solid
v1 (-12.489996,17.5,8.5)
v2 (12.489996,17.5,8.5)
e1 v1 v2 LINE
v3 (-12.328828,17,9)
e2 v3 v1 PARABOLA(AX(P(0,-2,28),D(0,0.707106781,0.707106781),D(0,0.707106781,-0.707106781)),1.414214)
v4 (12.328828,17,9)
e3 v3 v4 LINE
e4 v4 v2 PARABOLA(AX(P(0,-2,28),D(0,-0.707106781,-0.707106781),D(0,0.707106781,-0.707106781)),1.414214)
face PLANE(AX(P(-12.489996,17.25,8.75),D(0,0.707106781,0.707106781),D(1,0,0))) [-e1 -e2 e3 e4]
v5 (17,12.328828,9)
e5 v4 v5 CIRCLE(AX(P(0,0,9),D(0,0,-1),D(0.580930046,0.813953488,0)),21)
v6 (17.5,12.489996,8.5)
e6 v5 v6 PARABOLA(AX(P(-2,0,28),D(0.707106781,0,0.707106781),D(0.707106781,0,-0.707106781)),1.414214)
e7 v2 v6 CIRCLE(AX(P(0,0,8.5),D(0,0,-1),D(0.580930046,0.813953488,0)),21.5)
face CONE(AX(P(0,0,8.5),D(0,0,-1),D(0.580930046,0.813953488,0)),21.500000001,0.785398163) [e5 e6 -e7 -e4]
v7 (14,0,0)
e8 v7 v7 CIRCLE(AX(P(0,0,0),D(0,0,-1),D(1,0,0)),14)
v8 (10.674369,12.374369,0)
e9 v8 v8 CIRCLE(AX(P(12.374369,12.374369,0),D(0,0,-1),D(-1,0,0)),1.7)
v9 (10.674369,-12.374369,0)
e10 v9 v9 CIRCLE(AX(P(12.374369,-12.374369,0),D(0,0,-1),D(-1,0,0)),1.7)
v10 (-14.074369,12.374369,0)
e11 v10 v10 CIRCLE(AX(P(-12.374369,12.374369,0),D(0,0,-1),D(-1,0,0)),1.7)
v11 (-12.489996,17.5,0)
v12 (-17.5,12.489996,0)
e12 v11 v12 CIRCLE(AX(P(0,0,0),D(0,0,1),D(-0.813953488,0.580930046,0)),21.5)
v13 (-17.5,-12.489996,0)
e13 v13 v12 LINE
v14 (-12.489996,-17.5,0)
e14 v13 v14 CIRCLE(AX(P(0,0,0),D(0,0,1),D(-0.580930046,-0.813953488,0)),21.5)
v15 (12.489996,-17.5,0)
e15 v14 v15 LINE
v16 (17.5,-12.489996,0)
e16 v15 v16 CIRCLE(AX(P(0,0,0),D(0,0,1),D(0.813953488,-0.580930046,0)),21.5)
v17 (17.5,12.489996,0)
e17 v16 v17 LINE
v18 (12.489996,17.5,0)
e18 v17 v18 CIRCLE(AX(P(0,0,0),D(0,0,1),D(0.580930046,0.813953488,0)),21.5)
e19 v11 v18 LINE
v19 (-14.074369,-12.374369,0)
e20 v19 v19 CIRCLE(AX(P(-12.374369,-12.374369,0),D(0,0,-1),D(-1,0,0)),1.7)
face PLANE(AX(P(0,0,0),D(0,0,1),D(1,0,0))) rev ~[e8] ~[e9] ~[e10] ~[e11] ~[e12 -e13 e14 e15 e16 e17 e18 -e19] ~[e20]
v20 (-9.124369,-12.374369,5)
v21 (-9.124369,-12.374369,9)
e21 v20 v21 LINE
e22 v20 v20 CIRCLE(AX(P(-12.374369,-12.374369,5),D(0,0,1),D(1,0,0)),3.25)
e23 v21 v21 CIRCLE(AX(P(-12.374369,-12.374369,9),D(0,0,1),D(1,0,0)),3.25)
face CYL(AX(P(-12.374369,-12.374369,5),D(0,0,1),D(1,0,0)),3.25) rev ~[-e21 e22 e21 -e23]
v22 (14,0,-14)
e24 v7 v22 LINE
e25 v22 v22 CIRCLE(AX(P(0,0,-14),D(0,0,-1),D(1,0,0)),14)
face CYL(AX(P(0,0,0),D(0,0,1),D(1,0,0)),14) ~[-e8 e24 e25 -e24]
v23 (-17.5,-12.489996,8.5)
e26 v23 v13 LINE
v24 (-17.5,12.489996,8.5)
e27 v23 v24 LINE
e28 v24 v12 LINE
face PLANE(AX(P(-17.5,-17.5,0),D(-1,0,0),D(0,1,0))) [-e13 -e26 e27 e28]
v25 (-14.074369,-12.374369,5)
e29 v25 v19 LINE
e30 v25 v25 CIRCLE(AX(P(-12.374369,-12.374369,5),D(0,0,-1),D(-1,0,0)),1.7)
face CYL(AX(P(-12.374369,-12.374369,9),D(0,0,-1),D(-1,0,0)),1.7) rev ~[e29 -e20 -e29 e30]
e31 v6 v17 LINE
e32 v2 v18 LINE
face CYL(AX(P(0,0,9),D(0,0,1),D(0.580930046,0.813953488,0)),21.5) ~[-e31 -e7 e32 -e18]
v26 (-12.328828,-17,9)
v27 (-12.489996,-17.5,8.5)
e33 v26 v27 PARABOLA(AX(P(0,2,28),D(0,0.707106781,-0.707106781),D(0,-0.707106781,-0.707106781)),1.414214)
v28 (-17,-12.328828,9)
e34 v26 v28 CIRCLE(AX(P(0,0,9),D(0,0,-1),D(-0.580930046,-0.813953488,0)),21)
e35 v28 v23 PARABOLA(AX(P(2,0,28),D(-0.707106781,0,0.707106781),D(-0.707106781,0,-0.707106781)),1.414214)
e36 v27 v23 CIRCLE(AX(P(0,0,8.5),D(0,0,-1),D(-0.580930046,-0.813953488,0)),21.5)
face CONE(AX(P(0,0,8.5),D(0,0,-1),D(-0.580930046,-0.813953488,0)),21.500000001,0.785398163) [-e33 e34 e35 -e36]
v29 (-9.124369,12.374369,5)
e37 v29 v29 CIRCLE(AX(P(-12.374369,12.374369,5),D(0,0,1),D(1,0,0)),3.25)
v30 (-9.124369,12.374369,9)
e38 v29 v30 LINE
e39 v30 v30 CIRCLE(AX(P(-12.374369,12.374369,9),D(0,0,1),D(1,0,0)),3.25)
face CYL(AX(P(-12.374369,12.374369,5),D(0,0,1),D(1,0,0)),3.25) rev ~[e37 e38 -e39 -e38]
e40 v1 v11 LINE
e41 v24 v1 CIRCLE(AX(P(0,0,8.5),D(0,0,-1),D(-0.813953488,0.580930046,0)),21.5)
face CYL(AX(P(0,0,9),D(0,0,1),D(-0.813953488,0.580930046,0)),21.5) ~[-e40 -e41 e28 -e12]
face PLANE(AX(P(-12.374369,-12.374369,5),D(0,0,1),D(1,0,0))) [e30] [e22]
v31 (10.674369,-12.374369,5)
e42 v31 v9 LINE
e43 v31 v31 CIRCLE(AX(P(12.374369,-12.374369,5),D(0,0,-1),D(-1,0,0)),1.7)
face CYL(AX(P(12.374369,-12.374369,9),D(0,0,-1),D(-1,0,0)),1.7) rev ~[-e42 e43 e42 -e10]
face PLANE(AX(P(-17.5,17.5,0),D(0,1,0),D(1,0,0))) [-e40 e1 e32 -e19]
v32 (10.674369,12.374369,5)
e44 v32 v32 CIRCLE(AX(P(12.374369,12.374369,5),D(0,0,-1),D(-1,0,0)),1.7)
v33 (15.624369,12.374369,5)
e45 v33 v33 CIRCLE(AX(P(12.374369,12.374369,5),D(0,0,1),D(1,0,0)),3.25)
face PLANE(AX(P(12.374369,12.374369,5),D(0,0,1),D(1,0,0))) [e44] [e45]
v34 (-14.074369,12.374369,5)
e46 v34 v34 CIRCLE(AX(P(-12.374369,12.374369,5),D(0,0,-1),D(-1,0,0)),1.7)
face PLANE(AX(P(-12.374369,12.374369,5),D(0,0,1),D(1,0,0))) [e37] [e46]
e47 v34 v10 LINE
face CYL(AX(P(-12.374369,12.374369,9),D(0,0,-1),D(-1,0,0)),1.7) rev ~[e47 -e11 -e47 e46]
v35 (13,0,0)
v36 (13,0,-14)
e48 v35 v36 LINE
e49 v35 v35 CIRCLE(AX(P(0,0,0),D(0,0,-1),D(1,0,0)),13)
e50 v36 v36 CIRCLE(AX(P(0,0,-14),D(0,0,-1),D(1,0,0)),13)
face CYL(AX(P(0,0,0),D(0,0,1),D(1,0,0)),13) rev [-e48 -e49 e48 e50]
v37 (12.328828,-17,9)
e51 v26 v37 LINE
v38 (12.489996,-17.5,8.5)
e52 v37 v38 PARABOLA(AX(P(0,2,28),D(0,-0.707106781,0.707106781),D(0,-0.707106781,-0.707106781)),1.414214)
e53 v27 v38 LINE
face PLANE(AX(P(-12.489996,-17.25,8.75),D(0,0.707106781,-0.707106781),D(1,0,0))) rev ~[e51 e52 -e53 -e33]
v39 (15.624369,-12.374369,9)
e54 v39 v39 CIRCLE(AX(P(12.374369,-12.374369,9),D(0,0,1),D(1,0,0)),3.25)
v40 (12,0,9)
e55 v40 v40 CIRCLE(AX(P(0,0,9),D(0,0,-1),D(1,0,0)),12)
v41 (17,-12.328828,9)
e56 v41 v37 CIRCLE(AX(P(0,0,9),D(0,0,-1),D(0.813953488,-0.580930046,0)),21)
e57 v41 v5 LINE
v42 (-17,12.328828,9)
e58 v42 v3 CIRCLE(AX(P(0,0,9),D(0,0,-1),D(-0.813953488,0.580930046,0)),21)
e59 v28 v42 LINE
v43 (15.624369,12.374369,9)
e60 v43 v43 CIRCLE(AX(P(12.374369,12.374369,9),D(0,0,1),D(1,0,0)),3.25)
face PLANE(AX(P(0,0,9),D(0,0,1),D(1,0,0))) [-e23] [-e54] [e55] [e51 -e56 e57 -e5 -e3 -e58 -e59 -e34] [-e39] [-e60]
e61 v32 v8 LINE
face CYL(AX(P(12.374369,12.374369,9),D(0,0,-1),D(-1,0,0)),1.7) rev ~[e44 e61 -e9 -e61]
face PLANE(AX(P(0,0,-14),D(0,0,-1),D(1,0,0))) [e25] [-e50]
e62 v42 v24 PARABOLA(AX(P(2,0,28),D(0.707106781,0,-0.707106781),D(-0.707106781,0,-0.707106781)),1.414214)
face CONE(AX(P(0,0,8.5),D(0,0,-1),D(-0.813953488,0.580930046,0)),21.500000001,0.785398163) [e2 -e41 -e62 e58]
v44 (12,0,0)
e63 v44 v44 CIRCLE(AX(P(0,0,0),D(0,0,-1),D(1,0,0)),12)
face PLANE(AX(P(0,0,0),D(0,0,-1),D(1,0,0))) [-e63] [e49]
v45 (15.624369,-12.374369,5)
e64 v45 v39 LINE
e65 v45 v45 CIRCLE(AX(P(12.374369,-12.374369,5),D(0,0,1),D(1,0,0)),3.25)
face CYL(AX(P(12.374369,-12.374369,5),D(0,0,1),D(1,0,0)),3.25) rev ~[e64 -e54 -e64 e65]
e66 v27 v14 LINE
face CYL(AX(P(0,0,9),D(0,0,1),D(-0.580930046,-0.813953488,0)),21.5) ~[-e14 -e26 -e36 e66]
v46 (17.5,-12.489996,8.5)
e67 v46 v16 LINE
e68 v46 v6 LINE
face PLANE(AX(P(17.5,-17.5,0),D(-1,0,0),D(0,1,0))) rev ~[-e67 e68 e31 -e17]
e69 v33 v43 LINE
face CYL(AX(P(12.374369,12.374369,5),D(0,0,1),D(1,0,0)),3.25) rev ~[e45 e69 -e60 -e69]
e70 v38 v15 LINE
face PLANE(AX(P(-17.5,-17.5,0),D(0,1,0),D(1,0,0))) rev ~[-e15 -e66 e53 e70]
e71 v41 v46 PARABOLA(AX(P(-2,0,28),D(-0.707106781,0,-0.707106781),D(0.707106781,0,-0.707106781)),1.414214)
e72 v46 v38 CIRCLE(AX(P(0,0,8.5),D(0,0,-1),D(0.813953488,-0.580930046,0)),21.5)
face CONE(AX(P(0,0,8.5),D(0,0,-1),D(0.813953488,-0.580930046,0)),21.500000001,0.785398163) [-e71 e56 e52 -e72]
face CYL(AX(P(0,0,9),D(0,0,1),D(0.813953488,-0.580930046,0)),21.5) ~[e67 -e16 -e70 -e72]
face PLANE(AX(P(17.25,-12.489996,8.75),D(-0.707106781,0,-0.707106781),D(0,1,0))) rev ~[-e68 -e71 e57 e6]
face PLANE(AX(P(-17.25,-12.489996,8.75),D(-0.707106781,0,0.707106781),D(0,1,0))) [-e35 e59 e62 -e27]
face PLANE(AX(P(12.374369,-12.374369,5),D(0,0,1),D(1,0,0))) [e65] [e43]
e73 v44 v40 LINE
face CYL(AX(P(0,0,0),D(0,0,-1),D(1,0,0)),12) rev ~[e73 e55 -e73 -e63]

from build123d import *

# Parameters (mm, degrees)
F0_W           = 35
F0_H           = 35
F1_DEPTH       = 9
F2_R           = 14
F2_R_2         = 13
F3_DEPTH       = 14
F4_DEPTH       = 9.001
F6_D           = 3.4
F6_CBORE_D     = 6.5
F6_CBORE_DEPTH = 4
F7_DEPTH       = 23.001
F8_R           = 14
F8_R_2         = 12
F9_DEPTH       = 9
F10_SIZE       = 0.5


with BuildPart() as f1:
    # F0 (on Top) → F1 (new body)
    with BuildSketch(Plane.XY):
        Rectangle(F0_W, F0_H)
    extrude(amount=F1_DEPTH)

    # F2 (on face) → F3 (join)
    with BuildSketch(Plane(origin=(0, 0, 0), x_dir=(1, 0, 0), z_dir=(0, 0, -1))):
        Circle(F2_R)
        Circle(F2_R_2, mode=Mode.SUBTRACT)
    extrude(amount=F3_DEPTH)

    # F4 (cut, through all): a face of the model
    f4_faces = [f1.faces().sort_by_distance(p)[0] for p in [
        (0, 0, 0),
    ]]
    extrude(f4_faces, amount=-F4_DEPTH, mode=Mode.SUBTRACT)

    # F6 (through all)
    with Locations(Plane.XY.offset(9)):
        with Locations((-12.3743686708, 12.3743686708), (12.3743686708, 12.3743686708), (-12.3743686708, -12.3743686708), (12.3743686708, -12.3743686708)):
            CounterBoreHole(F6_D / 2, F6_CBORE_D / 2, F6_CBORE_DEPTH)

    # F5 (on face) → F7 (cut, through all)
    with BuildSketch(Plane.XY.offset(9)):
        with BuildLine():
            ThreePointArc((12.4899959968, 17.5), (15.2027957955, 15.2027957955), (17.5, 12.4899959968))
            Line((17.5, 12.4899959968), (17.5, 17.5))
            Line((17.5, 17.5), (12.4899959968, 17.5))
        make_face()
        with BuildLine():
            ThreePointArc((-17.5, 12.4899959968), (-15.2027957955, 15.2027957955), (-12.4899959968, 17.5))
            Line((-12.4899959968, 17.5), (-17.5, 17.5))
            Line((-17.5, 17.5), (-17.5, 12.4899959968))
        make_face()
        with BuildLine():
            Line((-17.5, -17.5), (-12.4899959968, -17.5))
            ThreePointArc((-12.4899959968, -17.5), (-15.2027957955, -15.2027957955), (-17.5, -12.4899959968))
            Line((-17.5, -12.4899959968), (-17.5, -17.5))
        make_face()
        with BuildLine():
            Line((17.5, -17.5), (17.5, -12.4899959968))
            ThreePointArc((17.5, -12.4899959968), (15.2027957955, -15.2027957955), (12.4899959968, -17.5))
            Line((12.4899959968, -17.5), (17.5, -17.5))
        make_face()
    extrude(amount=-F7_DEPTH, mode=Mode.SUBTRACT)

    # F8 (on face) → F9 (join)
    with BuildSketch(Plane(origin=(0, 0, 0), x_dir=(1, 0, 0), z_dir=(0, 0, -1))):
        Circle(F8_R)
        Circle(F8_R_2, mode=Mode.SUBTRACT)
    extrude(amount=-F9_DEPTH)

    # F10
    f10_edges = [f1.edges().sort_by_distance(p)[0] for p in [
        (0, -17.5, 9),
        (-15.202796, -15.202796, 9),
        (0, 17.5, 9),
        (15.202796, 15.202796, 9),
        (17.5, 0, 9),
        (-15.202796, 15.202796, 9),
        (15.202796, -15.202796, 9),
        (-17.5, 0, 9),
    ]]
    chamfer(f10_edges, length=F10_SIZE)


solid = f1.part
